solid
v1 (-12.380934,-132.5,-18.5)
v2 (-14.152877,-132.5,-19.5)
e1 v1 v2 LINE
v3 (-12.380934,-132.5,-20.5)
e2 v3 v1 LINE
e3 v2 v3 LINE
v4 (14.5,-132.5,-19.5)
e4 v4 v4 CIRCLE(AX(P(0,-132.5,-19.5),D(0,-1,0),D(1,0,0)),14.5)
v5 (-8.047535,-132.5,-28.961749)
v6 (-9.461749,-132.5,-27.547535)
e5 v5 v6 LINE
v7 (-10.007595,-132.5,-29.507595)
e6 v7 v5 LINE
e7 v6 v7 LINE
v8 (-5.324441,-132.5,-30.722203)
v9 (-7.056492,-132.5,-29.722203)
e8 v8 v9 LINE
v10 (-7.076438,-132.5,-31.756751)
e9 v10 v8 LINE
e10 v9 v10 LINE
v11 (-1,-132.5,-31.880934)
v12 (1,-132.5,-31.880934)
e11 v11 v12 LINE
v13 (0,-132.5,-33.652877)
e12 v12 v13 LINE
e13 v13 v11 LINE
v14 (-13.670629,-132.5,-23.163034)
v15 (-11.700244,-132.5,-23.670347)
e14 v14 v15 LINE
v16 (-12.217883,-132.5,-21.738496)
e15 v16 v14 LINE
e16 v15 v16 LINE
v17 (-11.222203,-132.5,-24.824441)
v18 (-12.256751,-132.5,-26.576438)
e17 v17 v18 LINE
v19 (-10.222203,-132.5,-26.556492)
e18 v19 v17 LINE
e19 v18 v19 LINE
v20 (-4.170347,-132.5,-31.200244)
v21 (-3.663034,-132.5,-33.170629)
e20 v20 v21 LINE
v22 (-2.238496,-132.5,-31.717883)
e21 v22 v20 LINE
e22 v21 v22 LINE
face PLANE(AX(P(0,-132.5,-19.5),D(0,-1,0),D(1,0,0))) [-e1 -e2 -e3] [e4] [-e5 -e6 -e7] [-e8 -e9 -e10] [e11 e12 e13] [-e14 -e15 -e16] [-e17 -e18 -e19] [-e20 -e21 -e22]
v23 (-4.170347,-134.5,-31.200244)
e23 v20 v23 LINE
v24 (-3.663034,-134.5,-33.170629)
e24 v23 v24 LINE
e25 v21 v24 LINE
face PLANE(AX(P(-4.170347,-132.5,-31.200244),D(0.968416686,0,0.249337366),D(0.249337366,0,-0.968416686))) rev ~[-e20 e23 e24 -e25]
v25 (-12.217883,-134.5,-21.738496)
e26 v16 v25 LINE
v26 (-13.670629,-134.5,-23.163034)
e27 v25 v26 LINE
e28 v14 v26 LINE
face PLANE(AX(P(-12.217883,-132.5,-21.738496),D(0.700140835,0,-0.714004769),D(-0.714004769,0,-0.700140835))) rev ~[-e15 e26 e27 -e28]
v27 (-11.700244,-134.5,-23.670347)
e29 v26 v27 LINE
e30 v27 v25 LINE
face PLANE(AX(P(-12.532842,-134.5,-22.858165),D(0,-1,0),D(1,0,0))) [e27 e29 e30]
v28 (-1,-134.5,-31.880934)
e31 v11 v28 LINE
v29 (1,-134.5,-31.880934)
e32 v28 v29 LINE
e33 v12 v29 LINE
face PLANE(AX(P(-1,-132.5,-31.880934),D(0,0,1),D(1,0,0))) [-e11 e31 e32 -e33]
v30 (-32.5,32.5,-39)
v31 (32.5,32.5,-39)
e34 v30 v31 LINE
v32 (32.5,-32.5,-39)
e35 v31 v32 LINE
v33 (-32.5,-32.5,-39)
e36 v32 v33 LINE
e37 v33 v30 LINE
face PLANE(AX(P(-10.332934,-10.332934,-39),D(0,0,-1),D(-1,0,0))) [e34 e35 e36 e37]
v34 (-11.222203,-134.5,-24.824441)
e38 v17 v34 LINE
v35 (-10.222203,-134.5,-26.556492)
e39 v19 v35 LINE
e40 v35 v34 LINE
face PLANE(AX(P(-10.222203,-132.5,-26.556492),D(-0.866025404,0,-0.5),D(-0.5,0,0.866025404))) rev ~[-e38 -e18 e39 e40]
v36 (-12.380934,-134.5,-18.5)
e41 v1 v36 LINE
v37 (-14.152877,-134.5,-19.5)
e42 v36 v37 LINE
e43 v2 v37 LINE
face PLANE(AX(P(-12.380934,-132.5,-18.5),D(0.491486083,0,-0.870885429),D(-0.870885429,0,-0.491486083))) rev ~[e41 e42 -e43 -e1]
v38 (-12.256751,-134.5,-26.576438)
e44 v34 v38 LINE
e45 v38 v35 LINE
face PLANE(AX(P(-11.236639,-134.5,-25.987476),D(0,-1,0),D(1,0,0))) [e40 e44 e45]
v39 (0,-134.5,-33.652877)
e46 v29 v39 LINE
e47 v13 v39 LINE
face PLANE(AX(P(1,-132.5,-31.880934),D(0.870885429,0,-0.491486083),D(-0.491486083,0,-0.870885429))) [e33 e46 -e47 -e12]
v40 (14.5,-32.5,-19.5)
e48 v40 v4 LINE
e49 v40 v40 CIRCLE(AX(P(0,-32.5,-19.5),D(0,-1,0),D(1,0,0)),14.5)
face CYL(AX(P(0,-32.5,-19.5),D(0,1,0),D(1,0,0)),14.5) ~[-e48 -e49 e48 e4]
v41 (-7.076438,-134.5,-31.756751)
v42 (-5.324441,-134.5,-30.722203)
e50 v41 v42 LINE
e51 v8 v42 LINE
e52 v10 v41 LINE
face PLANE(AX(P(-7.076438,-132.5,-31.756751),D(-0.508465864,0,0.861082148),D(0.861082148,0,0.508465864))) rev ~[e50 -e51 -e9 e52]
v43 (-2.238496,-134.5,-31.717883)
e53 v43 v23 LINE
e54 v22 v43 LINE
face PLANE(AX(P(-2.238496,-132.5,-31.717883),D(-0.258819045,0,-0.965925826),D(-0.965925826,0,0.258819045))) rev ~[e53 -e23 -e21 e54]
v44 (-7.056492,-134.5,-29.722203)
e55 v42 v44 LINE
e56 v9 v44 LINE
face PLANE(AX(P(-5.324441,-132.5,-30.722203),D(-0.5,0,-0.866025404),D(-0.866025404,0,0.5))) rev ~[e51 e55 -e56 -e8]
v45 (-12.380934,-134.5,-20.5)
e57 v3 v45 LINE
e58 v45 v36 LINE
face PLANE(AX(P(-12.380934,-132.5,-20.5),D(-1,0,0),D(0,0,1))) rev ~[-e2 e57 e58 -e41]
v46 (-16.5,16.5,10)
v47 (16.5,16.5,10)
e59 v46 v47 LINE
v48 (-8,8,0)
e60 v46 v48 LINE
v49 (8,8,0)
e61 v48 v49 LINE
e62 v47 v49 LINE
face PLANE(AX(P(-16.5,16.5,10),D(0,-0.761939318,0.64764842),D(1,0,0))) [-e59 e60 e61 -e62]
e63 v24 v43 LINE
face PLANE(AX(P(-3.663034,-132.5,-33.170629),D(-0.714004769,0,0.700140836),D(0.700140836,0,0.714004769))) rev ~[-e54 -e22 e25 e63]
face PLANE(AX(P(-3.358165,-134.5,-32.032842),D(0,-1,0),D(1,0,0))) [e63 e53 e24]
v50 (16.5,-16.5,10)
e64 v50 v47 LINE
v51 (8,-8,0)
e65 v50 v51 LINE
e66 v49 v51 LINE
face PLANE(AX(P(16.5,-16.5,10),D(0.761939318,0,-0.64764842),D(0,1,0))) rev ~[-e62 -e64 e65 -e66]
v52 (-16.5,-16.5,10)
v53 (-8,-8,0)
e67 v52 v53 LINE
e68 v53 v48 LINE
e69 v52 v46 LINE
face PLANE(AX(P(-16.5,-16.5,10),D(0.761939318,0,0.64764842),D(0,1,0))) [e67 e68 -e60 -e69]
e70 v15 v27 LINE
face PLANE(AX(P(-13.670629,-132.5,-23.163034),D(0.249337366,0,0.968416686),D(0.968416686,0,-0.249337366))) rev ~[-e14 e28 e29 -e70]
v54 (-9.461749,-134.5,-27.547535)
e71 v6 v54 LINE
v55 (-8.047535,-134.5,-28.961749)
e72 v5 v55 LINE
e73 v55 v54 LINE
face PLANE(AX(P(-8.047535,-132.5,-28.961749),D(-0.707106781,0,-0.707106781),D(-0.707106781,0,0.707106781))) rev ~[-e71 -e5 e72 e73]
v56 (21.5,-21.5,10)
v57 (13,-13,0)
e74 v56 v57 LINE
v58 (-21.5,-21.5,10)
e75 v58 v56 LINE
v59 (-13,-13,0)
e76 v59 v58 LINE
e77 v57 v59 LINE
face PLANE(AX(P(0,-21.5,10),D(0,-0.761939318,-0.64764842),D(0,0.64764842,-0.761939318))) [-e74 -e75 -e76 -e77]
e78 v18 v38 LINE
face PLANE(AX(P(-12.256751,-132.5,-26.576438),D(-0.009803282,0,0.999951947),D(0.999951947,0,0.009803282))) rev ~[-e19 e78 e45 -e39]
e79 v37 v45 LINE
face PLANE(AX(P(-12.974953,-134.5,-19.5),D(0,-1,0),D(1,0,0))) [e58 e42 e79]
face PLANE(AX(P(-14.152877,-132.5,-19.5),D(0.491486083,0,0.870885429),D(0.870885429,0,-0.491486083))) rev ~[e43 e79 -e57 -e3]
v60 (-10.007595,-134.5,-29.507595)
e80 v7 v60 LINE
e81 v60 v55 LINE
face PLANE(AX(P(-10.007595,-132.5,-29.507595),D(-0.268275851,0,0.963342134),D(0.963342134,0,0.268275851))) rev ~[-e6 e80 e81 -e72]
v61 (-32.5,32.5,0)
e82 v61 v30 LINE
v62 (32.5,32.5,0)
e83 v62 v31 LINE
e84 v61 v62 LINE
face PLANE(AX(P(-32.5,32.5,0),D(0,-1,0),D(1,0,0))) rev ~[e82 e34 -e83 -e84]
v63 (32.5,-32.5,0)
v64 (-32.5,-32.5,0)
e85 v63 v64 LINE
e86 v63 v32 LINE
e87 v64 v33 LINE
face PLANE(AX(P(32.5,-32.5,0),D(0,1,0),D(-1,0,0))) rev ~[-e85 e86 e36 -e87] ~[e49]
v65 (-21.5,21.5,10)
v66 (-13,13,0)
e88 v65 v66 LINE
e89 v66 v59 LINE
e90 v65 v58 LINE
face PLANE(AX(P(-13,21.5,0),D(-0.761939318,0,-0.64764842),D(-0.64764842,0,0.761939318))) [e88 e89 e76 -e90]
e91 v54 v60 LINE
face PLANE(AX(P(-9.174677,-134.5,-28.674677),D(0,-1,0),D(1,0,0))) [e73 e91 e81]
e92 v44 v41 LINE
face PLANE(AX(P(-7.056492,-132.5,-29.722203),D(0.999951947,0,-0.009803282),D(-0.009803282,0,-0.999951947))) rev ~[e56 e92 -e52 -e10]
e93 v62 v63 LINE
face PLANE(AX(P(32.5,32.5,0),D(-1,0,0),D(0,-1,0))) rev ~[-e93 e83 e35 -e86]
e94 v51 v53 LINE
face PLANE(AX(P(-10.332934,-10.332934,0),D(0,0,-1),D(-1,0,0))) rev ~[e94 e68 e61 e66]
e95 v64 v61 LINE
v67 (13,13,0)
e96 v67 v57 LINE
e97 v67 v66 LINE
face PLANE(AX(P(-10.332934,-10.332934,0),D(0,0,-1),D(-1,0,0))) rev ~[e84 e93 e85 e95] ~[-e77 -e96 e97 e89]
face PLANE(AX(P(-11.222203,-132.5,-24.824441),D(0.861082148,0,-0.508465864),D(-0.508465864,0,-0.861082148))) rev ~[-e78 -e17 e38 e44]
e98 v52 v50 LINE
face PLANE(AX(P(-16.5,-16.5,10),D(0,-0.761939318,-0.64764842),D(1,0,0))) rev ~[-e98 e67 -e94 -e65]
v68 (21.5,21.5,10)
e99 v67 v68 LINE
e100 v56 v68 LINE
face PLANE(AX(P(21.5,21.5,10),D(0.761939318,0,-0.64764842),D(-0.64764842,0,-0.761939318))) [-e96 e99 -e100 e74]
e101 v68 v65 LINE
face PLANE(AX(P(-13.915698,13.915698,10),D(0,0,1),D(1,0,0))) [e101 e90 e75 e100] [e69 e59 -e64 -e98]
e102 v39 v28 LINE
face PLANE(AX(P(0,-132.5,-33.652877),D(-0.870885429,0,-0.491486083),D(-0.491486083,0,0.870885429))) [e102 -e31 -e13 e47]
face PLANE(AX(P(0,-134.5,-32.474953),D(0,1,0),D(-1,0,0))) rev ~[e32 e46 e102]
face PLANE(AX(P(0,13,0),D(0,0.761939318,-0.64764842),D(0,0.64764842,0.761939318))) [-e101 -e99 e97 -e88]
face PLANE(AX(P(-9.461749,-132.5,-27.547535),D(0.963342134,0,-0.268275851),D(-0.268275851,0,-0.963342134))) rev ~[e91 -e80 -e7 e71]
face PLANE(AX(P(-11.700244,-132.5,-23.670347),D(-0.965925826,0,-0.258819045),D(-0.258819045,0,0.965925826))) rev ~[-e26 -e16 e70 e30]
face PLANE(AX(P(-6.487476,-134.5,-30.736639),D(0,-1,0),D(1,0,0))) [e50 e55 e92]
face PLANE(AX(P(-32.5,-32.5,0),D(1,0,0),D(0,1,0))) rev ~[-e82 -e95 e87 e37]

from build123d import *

# Parameters (mm, degrees)
Y_KSEKLIK_EKSTR_ZYON1_DEPTH = 10
IZIM3_W                     = 33
IZIM3_H                     = 33
KES_EKSTR_ZYON1_DEPTH       = 10
KES_EKSTR_ZYON1_DRAFT       = -40.36453657
IZIM7_OUTSIDE_W             = 57.326
IZIM7_OUTSIDE_H             = 24.326
KES_EKSTR_ZYON6_DEPTH       = 56
IZIM10_OUTSIDE_W            = 24.326
IZIM10_OUTSIDE_H            = 57.326
KES_EKSTR_ZYON8_DEPTH       = 28
Y_KSEKLIK_EKSTR_ZYON2_DEPTH = 39
IZIM12_R                    = 14.5
Y_KSEKLIK_EKSTR_ZYON3_DEPTH = 100
Y_KSEKLIK_EKSTR_ZYON4_DEPTH = 2


with BuildPart() as part:
    # Çizim2 → Yükseklik-Ekstrüzyon1 (new body)
    with BuildSketch(Plane.XY):
        Polygon((0, 16.5), (0, 21.5), (-21.5, 21.5), (-21.5, 0), (-16.5, 0), (-16.5, 16.5), align=None)
        Polygon((0, 8), (0, 16.5), (-16.5, 16.5), (-16.5, 0), (-8, 0), (-8, 8), align=None)
        Polygon((-21.5, -21.5), (0, -21.5), (0, -16.5), (-16.5, -16.5), (-16.5, 0), (-21.5, 0), align=None)
        Polygon((-16.5, -16.5), (0, -16.5), (0, -8), (-8, -8), (-8, 0), (-16.5, 0), align=None)
        Polygon((21.5, -21.5), (21.5, 0), (16.5, 0), (16.5, -16.5), (0, -16.5), (0, -21.5), align=None)
        Polygon((16.5, -16.5), (16.5, 0), (8, 0), (8, -8), (0, -8), (0, -16.5), align=None)
        Polygon((8, 0), (16.5, 0), (16.5, 16.5), (0, 16.5), (0, 8), (8, 8), align=None)
        Polygon((16.5, 0), (21.5, 0), (21.5, 21.5), (0, 21.5), (0, 16.5), (16.5, 16.5), align=None)
    extrude(amount=Y_KSEKLIK_EKSTR_ZYON1_DEPTH)


with BuildPart() as kes_ekstr_zyon1_tool:
    # Çizim3 → Kes-Ekstrüzyon1 (with draft: the straight prism first)
    with BuildSketch(Plane.XY.offset(10)):
        Rectangle(IZIM3_W, IZIM3_H)
    extrude(amount=-KES_EKSTR_ZYON1_DEPTH)
    # Kes-Ekstrüzyon1: the draft: its side faces are tilted about the plane it starts from
    kes_ekstr_zyon1_sides = [kes_ekstr_zyon1_tool.faces().sort_by_distance(p)[0] for p in [
        (-16.5, 0, 5),
        (0, -16.5, 5),
        (16.5, 0, 5),
        (0, 16.5, 5),
    ]]
    draft(kes_ekstr_zyon1_sides, Plane.XY.offset(10), KES_EKSTR_ZYON1_DRAFT)


with BuildPart() as part_1:
    add(part.part)

    # Kes-Ekstrüzyon1: cut by kes_ekstr_zyon1_tool
    add(kes_ekstr_zyon1_tool.part, mode=Mode.SUBTRACT)

    # Çizim7 outside → Kes-Ekstrüzyon6 (cut)
    with BuildSketch(Plane(origin=(0, 21.5, 0), x_dir=(1, 0, 0), z_dir=(0, 1, 0))):
        with Locations((0, -5)):
            Rectangle(IZIM7_OUTSIDE_W, IZIM7_OUTSIDE_H)
        Polygon((-21.5, -10), (21.5, -10), (13, 0), (-13, 0), align=None, mode=Mode.SUBTRACT)
    extrude(amount=-KES_EKSTR_ZYON6_DEPTH, mode=Mode.SUBTRACT)

    # Çizim10 outside → Kes-Ekstrüzyon8 (cut, symmetric)
    with BuildSketch(Plane(origin=(0, 0, 0), x_dir=(0, 0, -1), z_dir=(1, 0, 0))):
        with Locations((-5, 0)):
            Rectangle(IZIM10_OUTSIDE_W, IZIM10_OUTSIDE_H)
        Polygon((-10, 21.5), (-10, -21.5), (0, -13), (0, 13), align=None, mode=Mode.SUBTRACT)
    extrude(amount=KES_EKSTR_ZYON8_DEPTH, both=True, mode=Mode.SUBTRACT)

    # Çizim11 → Yükseklik-Ekstrüzyon2 (add)
    with BuildSketch(Plane(origin=(0, 0, 0), x_dir=(-1, 0, 0), z_dir=(0, 0, -1))):
        Polygon((-13, -13), (-32.5, -32.5), (32.5, -32.5), (32.5, 32.5), (13, 13), (13, -13), align=None)
        Polygon((-32.5, 32.5), (-32.5, -32.5), (-13, -13), (-13, 13), (13, 13), (32.5, 32.5), align=None)
        Polygon((-13, 13), (-13, -13), (-8.000000001, -8.000000001), (-8, 8), (8.000000001, 8.000000001), (13, 13), align=None)
        Polygon((-8, 8), (-8.000000001, -8.000000001), (8.000000001, 8.000000001), align=None)
        Polygon((8.000000001, 8.000000001), (-8.000000001, -8.000000001), (8.000000001, -8.000000001), align=None)
        Polygon((-8.000000001, -8.000000001), (-13, -13), (13, -13), (13, 13), (8.000000001, 8.000000001), (8.000000001, -8.000000001), align=None)
    extrude(amount=Y_KSEKLIK_EKSTR_ZYON2_DEPTH)

    # Çizim12 → Yükseklik-Ekstrüzyon3 (add)
    with BuildSketch(Plane.XZ.offset(32.5)):
        with Locations((0, -19.5)):
            Circle(IZIM12_R)
    extrude(amount=Y_KSEKLIK_EKSTR_ZYON3_DEPTH)

    # Çizim13 → Yükseklik-Ekstrüzyon4 (add)
    with BuildSketch(Plane.XZ.offset(132.5)):
        Polygon((-1, -31.880933569), (1, -31.880933569), (0, -33.652876783), align=None)
        Polygon((-3.663034054, -33.170629201), (-2.238495577, -31.717882533), (-4.17034723, -31.200244443), align=None)
        Polygon((-7.076438392, -31.756750831), (-5.324441381, -30.722202993), (-7.056492188, -29.722202993), align=None)
        Polygon((-10.007595147, -29.507595147), (-8.047535303, -28.961748865), (-9.461748865, -27.547535303), align=None)
        Polygon((-12.256750831, -26.576438392), (-10.222202993, -26.556492188), (-11.222202993, -24.824441381), align=None)
        Polygon((-13.670629201, -23.163034054), (-11.700244443, -23.67034723), (-12.217882533, -21.738495578), align=None)
        Polygon((-14.152876783, -19.5), (-12.380933569, -20.5), (-12.380933569, -18.5), align=None)
    extrude(amount=Y_KSEKLIK_EKSTR_ZYON4_DEPTH)


solid = part_1.part
